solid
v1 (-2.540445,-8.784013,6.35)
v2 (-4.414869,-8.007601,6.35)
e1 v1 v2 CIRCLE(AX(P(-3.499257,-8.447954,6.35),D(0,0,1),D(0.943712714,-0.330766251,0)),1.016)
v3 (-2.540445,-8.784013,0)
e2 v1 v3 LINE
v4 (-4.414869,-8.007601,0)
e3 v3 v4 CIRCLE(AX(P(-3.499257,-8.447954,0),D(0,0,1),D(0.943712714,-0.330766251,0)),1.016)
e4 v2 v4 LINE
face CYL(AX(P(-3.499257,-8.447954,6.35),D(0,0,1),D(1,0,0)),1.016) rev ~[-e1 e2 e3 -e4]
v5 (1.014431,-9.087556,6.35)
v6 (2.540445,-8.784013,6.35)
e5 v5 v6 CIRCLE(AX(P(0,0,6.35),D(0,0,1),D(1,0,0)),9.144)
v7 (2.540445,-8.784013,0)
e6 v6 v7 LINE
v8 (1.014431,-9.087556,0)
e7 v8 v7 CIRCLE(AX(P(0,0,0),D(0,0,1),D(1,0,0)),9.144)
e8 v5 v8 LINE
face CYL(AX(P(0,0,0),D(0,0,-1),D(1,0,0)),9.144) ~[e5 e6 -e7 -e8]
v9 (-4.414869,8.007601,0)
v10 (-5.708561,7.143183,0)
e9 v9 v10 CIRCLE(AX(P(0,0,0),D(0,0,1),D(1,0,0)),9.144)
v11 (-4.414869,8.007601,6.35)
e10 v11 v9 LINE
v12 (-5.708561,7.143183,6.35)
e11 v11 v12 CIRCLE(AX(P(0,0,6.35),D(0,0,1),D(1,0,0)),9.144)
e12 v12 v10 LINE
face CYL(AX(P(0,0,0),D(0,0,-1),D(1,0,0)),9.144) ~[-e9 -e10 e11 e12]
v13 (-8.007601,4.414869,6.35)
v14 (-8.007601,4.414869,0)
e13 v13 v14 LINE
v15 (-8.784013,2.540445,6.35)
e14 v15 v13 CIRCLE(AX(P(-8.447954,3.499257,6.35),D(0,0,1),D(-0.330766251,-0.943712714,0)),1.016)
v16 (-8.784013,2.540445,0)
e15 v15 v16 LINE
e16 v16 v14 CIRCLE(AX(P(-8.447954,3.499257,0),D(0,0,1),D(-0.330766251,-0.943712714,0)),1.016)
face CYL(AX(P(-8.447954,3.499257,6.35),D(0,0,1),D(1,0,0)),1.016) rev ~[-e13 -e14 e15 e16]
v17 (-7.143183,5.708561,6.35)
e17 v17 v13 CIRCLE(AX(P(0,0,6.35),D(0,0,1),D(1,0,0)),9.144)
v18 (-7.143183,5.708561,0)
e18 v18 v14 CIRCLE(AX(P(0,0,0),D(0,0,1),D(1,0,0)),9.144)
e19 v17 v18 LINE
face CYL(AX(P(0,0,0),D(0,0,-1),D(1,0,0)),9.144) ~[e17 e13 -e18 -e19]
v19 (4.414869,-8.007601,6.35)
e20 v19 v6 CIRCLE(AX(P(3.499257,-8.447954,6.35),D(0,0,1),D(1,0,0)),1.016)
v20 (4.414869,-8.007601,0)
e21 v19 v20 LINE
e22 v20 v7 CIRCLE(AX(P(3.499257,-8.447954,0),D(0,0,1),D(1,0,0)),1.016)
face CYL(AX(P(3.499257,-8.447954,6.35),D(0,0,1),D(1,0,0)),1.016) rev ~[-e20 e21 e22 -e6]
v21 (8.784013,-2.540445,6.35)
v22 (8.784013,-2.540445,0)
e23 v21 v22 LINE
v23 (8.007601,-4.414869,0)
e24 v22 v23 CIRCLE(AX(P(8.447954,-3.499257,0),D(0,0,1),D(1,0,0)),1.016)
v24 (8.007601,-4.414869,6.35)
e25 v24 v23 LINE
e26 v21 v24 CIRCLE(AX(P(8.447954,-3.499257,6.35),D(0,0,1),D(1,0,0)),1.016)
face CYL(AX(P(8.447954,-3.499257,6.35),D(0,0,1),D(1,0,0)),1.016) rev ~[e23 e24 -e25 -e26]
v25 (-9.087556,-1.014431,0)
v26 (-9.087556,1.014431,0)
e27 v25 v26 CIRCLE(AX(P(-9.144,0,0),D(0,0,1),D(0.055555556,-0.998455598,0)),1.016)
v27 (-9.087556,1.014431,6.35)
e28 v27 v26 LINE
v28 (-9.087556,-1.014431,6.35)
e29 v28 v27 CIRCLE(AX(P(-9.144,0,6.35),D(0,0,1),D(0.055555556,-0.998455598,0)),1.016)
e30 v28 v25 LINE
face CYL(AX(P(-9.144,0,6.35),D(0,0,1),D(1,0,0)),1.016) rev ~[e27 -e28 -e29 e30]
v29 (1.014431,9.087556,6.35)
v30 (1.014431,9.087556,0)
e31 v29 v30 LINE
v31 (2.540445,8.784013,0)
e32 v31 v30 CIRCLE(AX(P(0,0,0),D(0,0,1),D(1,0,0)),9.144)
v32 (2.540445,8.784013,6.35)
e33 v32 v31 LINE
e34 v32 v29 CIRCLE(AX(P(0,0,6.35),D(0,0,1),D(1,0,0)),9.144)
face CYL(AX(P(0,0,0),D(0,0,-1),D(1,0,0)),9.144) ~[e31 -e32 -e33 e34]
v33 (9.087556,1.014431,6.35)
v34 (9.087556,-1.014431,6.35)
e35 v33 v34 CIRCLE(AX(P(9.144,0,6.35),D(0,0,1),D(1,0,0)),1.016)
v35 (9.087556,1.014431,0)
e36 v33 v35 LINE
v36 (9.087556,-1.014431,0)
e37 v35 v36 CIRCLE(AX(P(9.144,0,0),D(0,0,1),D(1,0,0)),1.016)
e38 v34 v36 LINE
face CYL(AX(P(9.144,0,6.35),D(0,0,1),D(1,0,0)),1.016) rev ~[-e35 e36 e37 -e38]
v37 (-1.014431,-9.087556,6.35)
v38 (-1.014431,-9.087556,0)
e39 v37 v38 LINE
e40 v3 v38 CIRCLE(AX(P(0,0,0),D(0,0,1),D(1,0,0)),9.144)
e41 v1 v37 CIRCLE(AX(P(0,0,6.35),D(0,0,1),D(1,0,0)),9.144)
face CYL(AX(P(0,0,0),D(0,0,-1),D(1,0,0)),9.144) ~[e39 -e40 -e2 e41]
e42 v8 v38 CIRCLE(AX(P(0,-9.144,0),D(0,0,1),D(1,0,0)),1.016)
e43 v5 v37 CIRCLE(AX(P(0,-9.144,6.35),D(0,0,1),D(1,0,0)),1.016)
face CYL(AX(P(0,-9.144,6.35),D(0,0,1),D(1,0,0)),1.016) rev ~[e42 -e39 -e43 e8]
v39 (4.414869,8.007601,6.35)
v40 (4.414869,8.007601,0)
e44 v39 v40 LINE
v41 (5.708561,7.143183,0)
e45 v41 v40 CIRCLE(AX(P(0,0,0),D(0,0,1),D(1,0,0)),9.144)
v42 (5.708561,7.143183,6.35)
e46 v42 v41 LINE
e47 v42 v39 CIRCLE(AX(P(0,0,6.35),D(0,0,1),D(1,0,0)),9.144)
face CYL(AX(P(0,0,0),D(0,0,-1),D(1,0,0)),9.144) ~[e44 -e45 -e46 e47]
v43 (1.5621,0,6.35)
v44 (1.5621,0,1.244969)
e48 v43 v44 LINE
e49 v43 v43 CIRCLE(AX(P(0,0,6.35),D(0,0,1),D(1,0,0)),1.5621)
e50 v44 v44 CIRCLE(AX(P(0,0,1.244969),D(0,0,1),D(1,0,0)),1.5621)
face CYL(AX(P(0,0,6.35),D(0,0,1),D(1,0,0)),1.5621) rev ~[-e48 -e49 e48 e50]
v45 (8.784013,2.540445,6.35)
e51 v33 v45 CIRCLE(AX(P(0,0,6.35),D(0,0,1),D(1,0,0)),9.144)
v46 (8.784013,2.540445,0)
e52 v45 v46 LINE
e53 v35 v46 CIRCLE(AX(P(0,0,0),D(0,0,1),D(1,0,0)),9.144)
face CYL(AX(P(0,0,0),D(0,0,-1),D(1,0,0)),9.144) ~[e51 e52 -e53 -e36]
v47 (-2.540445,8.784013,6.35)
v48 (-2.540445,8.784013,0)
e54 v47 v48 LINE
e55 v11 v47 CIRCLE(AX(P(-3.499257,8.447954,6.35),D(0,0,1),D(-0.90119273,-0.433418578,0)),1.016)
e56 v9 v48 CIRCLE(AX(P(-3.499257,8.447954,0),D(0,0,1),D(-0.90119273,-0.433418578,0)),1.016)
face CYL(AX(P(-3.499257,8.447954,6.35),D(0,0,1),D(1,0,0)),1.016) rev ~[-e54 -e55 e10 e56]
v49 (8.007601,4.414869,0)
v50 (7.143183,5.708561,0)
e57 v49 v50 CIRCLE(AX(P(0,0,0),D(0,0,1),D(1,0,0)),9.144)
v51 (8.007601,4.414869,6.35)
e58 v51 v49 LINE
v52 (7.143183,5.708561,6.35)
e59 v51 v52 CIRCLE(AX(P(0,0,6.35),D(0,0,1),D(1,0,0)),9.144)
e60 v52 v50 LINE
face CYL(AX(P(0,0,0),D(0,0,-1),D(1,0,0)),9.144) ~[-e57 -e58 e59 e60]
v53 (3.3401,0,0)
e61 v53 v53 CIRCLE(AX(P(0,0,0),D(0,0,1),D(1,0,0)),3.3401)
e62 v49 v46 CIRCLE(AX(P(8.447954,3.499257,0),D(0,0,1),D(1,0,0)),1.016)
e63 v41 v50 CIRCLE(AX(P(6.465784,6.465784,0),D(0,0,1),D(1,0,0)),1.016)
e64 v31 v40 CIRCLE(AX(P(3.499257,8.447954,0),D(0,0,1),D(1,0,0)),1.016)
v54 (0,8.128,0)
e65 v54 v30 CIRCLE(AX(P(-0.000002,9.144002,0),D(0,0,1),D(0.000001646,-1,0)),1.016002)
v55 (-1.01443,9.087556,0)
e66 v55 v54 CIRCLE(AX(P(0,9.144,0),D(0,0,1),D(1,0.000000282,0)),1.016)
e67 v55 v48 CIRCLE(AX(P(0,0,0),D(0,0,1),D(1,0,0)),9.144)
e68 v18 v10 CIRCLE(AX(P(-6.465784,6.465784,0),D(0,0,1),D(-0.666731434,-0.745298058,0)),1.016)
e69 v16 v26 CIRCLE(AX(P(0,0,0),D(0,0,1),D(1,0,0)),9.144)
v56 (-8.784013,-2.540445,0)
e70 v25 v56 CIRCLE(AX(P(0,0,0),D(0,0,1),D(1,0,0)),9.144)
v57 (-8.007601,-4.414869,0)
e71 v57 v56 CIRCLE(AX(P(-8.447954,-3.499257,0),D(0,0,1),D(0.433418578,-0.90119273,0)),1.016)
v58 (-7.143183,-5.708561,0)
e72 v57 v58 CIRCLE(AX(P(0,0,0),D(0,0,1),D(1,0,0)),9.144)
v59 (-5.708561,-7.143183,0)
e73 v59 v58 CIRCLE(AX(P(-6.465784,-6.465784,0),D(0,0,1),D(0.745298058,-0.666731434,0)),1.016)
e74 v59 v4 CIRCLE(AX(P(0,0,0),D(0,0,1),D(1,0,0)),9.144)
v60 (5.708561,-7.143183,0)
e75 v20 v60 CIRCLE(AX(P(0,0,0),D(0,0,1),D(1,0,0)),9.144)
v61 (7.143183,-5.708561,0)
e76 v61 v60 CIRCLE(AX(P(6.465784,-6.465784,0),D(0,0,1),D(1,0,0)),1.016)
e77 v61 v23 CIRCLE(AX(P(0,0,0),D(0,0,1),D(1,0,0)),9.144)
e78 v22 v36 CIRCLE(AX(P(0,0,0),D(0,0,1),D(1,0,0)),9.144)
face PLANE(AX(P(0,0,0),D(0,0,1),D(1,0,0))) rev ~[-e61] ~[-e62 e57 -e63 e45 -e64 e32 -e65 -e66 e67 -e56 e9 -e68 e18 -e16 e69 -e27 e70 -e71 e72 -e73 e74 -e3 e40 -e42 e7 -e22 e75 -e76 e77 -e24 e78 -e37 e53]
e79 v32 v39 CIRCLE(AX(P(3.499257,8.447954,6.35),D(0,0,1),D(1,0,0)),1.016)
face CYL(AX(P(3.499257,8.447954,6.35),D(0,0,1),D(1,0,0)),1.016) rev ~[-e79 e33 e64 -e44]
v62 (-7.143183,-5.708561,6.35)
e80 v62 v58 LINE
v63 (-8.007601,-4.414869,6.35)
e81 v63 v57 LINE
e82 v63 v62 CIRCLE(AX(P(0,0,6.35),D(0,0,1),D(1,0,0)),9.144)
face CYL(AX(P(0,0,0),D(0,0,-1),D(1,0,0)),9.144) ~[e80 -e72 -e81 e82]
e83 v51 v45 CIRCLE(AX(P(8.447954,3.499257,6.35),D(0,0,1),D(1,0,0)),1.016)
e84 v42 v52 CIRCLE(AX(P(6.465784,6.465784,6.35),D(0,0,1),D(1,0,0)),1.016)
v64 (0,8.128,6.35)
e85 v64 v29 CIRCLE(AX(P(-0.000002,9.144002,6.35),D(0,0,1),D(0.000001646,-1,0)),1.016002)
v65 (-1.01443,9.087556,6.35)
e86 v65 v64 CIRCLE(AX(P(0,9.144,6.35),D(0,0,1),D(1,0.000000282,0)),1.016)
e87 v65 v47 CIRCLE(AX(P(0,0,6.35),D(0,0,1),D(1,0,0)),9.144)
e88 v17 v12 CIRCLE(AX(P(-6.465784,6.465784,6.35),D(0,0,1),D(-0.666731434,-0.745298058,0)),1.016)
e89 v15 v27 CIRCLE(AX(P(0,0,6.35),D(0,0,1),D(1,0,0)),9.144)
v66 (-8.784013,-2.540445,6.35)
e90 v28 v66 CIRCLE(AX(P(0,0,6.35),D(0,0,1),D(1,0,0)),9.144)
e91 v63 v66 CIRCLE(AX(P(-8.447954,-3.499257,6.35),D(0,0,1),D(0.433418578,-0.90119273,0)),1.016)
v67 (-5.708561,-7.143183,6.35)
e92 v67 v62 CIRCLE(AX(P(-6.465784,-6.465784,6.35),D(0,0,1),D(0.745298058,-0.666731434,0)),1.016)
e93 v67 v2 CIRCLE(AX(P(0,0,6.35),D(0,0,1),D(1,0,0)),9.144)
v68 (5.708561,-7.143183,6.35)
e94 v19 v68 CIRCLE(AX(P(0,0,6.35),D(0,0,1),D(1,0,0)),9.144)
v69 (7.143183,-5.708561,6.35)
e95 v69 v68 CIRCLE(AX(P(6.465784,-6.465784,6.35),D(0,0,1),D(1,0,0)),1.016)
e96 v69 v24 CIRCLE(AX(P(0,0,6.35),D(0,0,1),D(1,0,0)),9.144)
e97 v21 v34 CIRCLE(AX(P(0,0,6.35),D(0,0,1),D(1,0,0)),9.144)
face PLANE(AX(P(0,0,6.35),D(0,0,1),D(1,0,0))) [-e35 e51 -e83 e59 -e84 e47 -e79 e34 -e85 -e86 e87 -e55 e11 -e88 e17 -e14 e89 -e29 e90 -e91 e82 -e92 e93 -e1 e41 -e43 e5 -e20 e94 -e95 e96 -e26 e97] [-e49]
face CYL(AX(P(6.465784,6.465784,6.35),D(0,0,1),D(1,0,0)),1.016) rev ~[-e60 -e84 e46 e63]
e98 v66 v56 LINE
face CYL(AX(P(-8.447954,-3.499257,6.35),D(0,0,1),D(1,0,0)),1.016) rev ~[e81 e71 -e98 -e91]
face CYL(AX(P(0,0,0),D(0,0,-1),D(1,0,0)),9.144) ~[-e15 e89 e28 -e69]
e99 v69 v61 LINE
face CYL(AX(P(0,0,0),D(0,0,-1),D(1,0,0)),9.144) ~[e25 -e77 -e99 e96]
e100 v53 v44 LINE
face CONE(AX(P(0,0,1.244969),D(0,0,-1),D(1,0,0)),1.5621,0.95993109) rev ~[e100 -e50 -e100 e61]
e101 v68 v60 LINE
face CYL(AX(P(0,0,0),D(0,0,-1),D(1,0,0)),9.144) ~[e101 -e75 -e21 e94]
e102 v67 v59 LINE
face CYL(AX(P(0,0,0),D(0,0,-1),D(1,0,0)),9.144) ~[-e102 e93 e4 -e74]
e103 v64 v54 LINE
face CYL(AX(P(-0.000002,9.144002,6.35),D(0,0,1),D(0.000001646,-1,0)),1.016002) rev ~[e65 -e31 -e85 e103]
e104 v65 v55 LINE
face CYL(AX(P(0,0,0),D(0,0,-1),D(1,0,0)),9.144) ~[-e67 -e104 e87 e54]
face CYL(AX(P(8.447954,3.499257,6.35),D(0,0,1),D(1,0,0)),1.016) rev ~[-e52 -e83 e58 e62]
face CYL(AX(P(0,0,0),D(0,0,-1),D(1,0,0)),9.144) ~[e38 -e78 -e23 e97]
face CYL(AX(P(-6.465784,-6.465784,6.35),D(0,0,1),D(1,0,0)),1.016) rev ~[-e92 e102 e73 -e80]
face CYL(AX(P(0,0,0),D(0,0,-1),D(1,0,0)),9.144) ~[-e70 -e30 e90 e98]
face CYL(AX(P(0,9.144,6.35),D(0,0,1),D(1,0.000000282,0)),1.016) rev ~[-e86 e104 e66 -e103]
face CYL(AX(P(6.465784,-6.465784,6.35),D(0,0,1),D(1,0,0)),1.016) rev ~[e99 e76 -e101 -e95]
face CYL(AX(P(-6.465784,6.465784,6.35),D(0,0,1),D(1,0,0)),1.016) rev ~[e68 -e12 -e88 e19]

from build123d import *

# Parameters (mm, degrees)
F0_R     = 9.144
F1_DEPTH = 6.35
F2_R     = 1.5621
F3_DEPTH = 6.351
F4_SIZE2 = 1.244969
F4_SIZE  = 1.778
F5_R     = 1.016
F6_DEPTH = 6.351


with BuildPart() as f1:
    # F0 (on Top) → F1 (new body)
    with BuildSketch(Plane.XY):
        Circle(F0_R)
    extrude(amount=F1_DEPTH)

    # F2 (on face) → F3 (cut, through all)
    with BuildSketch(Plane.XY.offset(6.35)):
        Circle(F2_R)
    extrude(amount=-F3_DEPTH, mode=Mode.SUBTRACT)

    # F4
    f4_edges = [f1.edges().sort_by_distance(p)[0] for p in [
        (-1.5621, 0, 0),
    ]]
    chamfer(f4_edges, length=F4_SIZE, length2=F4_SIZE2)

    # F5 (on face) → F6 (cut, through all)
    with BuildSketch(Plane.XY.offset(6.35)):
        with BuildLine():
            ThreePointArc((0, 8.128), (0.71842, 8.42558), (1.016, 9.144))
            ThreePointArc((1.016, 9.144), (-0.71842, 9.86242), (0, 8.128))
        make_face()
        with Locations((-3.499257, 8.447954)):
            Circle(F5_R)
        with Locations((-6.465784, 6.465784)):
            Circle(F5_R)
        with Locations((-8.447954, 3.499257)):
            Circle(F5_R)
        with Locations((-9.144, 0)):
            Circle(F5_R)
        with Locations((-8.447954, -3.499257)):
            Circle(F5_R)
        with Locations((-6.465784, -6.465784)):
            Circle(F5_R)
        with Locations((-3.499257, -8.447954)):
            Circle(F5_R)
        with Locations((0, -9.144)):
            Circle(F5_R)
        with Locations((3.499257, -8.447954)):
            Circle(F5_R)
        with Locations((6.465784, -6.465784)):
            Circle(F5_R)
        with Locations((8.447954, -3.499257)):
            Circle(F5_R)
        with Locations((9.144, 0)):
            Circle(F5_R)
        with Locations((8.447954, 3.499257)):
            Circle(F5_R)
        with Locations((6.465784, 6.465784)):
            Circle(F5_R)
        with Locations((3.499257, 8.447954)):
            Circle(F5_R)
    extrude(amount=-F6_DEPTH, mode=Mode.SUBTRACT)


solid = f1.part
